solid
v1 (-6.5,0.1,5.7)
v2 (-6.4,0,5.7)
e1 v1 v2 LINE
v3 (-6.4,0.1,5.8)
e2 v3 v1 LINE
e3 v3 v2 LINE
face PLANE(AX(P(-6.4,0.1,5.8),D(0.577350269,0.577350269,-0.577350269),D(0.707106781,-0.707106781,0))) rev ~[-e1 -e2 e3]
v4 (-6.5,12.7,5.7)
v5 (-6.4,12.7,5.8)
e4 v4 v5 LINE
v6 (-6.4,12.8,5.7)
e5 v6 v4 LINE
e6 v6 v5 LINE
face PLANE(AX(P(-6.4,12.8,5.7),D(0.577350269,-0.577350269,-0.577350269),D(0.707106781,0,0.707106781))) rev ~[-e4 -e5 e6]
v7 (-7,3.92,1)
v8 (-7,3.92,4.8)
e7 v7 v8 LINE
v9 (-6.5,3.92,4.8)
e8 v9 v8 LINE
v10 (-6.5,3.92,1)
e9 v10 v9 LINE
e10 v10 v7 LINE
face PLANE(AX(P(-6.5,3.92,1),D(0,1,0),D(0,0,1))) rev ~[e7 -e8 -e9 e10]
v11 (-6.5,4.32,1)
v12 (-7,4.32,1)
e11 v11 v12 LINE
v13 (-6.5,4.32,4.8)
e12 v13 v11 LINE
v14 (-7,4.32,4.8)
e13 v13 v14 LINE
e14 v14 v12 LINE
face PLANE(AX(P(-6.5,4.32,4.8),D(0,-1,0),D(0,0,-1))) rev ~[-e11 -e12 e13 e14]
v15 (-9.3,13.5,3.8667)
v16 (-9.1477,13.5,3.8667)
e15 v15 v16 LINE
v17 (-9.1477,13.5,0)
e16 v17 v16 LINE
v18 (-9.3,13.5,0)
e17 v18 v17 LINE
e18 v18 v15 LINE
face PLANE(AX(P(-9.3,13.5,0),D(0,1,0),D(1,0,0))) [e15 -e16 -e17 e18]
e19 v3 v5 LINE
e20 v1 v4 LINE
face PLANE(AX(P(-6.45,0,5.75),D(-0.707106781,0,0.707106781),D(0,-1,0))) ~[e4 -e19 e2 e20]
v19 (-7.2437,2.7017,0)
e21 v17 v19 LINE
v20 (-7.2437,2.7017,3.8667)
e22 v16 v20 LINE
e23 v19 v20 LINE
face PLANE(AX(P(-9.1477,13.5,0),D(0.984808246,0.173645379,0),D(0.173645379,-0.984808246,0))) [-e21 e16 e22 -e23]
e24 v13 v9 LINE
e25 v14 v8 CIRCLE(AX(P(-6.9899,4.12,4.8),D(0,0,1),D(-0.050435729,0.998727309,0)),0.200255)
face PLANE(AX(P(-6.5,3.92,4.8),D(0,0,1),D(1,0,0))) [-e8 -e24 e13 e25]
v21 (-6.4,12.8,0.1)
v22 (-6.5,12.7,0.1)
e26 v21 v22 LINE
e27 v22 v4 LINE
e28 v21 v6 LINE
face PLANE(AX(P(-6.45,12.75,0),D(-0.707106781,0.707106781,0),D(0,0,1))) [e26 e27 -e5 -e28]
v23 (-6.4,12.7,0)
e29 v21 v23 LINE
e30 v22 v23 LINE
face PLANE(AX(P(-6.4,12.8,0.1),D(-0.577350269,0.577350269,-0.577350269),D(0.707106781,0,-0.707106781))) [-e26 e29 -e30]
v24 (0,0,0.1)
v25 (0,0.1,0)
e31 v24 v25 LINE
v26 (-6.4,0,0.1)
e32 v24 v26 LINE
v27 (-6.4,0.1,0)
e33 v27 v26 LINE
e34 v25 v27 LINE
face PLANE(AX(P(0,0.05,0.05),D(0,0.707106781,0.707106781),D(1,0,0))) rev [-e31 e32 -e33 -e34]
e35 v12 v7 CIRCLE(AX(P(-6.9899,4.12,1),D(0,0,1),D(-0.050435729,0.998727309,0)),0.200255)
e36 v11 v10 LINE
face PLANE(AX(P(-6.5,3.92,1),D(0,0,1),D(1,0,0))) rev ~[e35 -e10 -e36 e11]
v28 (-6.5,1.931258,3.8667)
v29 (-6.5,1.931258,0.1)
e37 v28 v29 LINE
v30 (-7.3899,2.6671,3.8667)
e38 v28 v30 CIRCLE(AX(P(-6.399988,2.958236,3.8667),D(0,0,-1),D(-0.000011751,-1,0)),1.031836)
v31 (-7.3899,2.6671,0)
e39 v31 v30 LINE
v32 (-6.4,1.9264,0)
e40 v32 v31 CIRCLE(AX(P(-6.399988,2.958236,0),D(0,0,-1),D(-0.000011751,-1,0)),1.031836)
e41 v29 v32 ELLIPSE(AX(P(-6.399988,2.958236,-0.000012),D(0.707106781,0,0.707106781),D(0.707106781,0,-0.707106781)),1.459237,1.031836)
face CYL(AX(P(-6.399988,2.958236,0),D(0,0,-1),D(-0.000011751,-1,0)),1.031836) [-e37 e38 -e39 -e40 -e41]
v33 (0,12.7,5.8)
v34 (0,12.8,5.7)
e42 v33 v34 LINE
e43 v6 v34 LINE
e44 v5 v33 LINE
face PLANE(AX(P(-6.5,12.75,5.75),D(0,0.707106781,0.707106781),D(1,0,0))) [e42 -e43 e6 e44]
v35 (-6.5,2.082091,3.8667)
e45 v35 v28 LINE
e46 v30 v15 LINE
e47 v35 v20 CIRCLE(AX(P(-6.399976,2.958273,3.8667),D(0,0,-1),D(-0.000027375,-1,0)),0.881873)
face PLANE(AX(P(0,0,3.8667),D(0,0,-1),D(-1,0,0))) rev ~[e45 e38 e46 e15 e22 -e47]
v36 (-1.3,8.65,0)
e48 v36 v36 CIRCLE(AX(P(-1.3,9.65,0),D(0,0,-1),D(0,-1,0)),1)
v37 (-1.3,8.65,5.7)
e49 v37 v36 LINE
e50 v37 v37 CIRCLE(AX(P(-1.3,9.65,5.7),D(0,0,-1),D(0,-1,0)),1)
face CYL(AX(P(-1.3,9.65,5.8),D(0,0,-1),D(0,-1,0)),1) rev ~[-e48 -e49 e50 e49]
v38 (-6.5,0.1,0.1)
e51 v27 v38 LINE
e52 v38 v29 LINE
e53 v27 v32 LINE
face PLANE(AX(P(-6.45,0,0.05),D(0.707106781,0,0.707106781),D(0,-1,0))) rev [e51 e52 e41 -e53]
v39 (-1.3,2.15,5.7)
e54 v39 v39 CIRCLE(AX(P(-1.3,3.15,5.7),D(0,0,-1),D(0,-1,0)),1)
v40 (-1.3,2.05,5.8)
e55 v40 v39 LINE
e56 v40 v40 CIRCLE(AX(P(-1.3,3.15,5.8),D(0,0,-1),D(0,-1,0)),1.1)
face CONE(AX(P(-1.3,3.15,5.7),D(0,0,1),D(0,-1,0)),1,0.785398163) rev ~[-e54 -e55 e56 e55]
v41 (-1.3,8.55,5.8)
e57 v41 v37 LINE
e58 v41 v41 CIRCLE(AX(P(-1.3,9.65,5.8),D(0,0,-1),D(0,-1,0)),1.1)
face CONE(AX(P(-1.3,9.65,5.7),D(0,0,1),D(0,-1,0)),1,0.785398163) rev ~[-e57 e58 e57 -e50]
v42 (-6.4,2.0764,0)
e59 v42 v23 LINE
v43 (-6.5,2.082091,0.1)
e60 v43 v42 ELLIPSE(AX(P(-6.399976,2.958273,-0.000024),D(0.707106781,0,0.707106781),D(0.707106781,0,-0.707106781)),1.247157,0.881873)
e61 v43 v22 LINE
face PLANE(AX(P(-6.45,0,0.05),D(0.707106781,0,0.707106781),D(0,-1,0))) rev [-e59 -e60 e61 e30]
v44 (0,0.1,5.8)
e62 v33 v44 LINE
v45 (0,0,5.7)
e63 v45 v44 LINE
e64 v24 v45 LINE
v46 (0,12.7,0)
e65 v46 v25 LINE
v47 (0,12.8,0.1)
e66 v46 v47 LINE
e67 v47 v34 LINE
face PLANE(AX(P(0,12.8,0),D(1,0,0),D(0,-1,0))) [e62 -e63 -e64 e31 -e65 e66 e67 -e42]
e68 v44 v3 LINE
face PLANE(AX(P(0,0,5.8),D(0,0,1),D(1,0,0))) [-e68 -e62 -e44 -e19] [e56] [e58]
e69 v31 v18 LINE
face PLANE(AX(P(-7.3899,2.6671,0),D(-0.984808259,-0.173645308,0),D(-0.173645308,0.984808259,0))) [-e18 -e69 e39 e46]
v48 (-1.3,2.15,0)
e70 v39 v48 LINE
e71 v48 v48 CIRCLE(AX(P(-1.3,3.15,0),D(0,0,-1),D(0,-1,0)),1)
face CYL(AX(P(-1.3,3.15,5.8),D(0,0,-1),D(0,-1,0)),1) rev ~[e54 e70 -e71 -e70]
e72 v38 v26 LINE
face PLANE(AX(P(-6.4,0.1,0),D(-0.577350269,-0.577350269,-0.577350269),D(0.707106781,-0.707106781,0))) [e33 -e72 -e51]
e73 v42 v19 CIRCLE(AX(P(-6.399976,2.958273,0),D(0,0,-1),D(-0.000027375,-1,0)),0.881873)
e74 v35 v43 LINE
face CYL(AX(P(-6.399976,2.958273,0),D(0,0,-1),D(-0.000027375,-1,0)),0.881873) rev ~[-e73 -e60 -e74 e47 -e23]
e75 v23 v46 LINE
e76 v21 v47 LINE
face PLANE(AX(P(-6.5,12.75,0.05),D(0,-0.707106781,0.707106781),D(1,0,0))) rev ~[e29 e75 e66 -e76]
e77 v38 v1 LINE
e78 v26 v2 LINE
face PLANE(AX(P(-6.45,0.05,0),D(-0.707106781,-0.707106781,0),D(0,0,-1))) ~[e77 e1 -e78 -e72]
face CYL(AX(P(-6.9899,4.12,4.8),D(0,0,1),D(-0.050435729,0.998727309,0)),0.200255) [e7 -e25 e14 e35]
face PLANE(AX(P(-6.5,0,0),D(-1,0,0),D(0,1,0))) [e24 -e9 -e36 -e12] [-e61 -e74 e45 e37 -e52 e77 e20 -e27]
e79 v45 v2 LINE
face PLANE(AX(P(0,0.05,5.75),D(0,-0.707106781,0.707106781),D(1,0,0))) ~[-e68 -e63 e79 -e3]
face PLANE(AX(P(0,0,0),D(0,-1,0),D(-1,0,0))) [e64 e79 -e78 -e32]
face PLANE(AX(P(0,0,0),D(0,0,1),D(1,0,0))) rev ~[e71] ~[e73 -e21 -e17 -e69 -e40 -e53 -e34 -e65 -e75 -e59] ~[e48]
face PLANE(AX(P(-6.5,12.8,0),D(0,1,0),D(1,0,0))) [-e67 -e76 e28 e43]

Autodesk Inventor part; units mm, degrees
ref_plane "YZ Plane" through (0, 0, 0) normal (1, 0, 0) x (0, 1, 0)
ref_plane "XZ Plane" through (0, 0, 0) normal (0, 1, 0) x (-1, 0, 0)
ref_plane "XY Plane" through (0, 0, 0) normal (0, 0, 1) x (1, 0, 0)
sketch "Sketch2" plane through (0, 0, 0) normal (0, 0, 1) x (1, 0, 0)
  line L0 (0, 0) -> (-6.5, 0)
  line L1 (-6.5, 0) -> (-6.5, 12.8)
  line L2 (-6.5, 12.8) -> (0, 12.8)
  line L3 (0, 12.8) -> (0, 0)
  dimension "d0" = 6.5
  dimension "d1" = 12.8
extrude "Extrusion1" add sketch "Sketch2" along normal blind 5.8
sketch "Sketch3" plane through (0, 0, 5.8) normal (0, 0, 1) x (1, 0, 0)
  line L0 (0, 6.4) -> (-6.5, 6.4)
  line L1 (0, 0) -> (0, 12.8) projected
  circle A0 centre (-1.3, 3.15) radius 1
  circle A1 centre (-1.3, 9.65) radius 1
  dimension "d4" = 6.5
  dimension "d5" = 6.5
  dimension "d6" = 1.3
  dimension "d7" = 2
  dimension "d8" = 12.8
  dimension "d9" = 0
hole "Hole1" at (-1.3, 3.15, 5.8) at (-1.3, 9.65, 5.8) direction (0, 0, -1) diameter 2 end through all
sketch "Sketch4" plane through (-6.5, 0, 0) normal (-1, 0, 0) x (0, 0, 1)
  line L0 (0, 6.4) -> (6.5, 6.4)
  line L1 (0, 0) -> (5.8, 0) projected
  line L2 (2.9, 6.4) -> (2.9, 4.12) construction
  line L3 (2.9, 4.12) -> (0.2636, 4.12) construction
  line L4 (0.2636, 4.12) -> (5.5364, 4.12)
  line L5 (4.8, 4.32) -> (1, 4.32)
  line L6 (1, 4.32) -> (1, 3.92)
  line L7 (1, 3.92) -> (4.8, 3.92)
  line L8 (4.8, 3.92) -> (4.8, 4.32)
  line L9 (4.8, 4.32) -> (1, 3.92) construction
  line L10 (1, 4.32) -> (4.8, 3.92) construction
  dimension "d17" = 6.5
  dimension "d18" = 6.4
  dimension "d19" = 2.28
  dimension "d20" = 2.6364
  dimension "d21" = 5.2727
  dimension "d22" = 3.8
  dimension "d23" = 0.4
extrude "Extrusion2" add sketch "Sketch4" along normal blind 0.5
sketch "Sketch5" plane through (-6.5, 3.92, 4.8) normal (0, 0, 1) x (1, 0, 0)
  line L0 (-0.5, 0) -> (-0.5, 0.4) projected
  line L1 (0, 0) -> (-0.5, 0) projected
  arc A0 (-0.5, 0.4) -> (-0.5, 0) centre (-0.4899, 0.2) ccw
  point P0 (6.5, -3.92)
extrude "Extrusion3" add sketch "Sketch5" against normal up to surface (3.8 mm away)
chamfer "Chamfer1" distance 0.1 angle 45 10 edges at (-6.5, 0, 2.9) (-6.5, 6.4, 5.8) (-6.5, 6.4, 0) (-6.5, 12.8, 2.9) (-3.25, 12.8, 5.8) (-3.25, 0, 5.8) (-3.25, 0, 0) (-3.25, 12.8, 0) (-1.3, 4.15, 5.8) (-1.3, 10.65, 5.8)
sketch "Sketch6" plane through (0, 0, 0) normal (0, 0, -1) x (-1, 0, 0)
  line L0 (7.3899, 2.6671) -> (9.3, 13.5)
  line L1 (7.3899, 2.6671) -> (18.3899, 2.6671) construction
  line L2 (6.4, 12.7) -> (6.4, 0.1) projected
  line L3 (6.4, 1.9264) -> (4.4, 1.9264)
  line L4 (6.4, 1.9264) -> (8.4, 1.9264) construction
  arc A0 (6.4, 1.9264) -> (7.3899, 2.6671) centre (6.4, 2.9582) ccw
  line L5 (9.1477, 13.5) -> (7.2437, 2.7017)
  arc A1 (6.4, 2.0764) -> (7.2437, 2.7017) centre (6.4, 2.9582) ccw
  line L6 (6.4, 2.0764) -> (4.4, 2.0764)
  line L7 (4.4, 2.0764) -> (4.4, 1.9264)
  line L8 (9.3, 13.5) -> (9.1477, 13.5)
  line L9 (0, 0) -> (6.4, 0) projected
  dimension "d31" = 11
  dimension "d32" = 80
  dimension "d33" = 2
  dimension "d34" = 180
  dimension "d35" = 0.15
  dimension "d36" = 9.3
  dimension "d37" = 13.5
  dimension "d38" = 1.0318
extrude "Extrusion4" add sketch "Sketch6" against normal blind 3.8667
equation "\"d4\" = d0"
equation "\"d8\" = d1"
equation "\"d17\" = d0"
equation "\"d18\" = 0.5 * d1"
equation "\"d20\" = 0.454545 * d2"
equation "\"d21\" = 0.909091 * d2"
equation "\"d39\" = 0.666667 * d2"
equation "\"d2\" = 5.8"
properties part number "small-tact-switch" material "ABS Plastic"
